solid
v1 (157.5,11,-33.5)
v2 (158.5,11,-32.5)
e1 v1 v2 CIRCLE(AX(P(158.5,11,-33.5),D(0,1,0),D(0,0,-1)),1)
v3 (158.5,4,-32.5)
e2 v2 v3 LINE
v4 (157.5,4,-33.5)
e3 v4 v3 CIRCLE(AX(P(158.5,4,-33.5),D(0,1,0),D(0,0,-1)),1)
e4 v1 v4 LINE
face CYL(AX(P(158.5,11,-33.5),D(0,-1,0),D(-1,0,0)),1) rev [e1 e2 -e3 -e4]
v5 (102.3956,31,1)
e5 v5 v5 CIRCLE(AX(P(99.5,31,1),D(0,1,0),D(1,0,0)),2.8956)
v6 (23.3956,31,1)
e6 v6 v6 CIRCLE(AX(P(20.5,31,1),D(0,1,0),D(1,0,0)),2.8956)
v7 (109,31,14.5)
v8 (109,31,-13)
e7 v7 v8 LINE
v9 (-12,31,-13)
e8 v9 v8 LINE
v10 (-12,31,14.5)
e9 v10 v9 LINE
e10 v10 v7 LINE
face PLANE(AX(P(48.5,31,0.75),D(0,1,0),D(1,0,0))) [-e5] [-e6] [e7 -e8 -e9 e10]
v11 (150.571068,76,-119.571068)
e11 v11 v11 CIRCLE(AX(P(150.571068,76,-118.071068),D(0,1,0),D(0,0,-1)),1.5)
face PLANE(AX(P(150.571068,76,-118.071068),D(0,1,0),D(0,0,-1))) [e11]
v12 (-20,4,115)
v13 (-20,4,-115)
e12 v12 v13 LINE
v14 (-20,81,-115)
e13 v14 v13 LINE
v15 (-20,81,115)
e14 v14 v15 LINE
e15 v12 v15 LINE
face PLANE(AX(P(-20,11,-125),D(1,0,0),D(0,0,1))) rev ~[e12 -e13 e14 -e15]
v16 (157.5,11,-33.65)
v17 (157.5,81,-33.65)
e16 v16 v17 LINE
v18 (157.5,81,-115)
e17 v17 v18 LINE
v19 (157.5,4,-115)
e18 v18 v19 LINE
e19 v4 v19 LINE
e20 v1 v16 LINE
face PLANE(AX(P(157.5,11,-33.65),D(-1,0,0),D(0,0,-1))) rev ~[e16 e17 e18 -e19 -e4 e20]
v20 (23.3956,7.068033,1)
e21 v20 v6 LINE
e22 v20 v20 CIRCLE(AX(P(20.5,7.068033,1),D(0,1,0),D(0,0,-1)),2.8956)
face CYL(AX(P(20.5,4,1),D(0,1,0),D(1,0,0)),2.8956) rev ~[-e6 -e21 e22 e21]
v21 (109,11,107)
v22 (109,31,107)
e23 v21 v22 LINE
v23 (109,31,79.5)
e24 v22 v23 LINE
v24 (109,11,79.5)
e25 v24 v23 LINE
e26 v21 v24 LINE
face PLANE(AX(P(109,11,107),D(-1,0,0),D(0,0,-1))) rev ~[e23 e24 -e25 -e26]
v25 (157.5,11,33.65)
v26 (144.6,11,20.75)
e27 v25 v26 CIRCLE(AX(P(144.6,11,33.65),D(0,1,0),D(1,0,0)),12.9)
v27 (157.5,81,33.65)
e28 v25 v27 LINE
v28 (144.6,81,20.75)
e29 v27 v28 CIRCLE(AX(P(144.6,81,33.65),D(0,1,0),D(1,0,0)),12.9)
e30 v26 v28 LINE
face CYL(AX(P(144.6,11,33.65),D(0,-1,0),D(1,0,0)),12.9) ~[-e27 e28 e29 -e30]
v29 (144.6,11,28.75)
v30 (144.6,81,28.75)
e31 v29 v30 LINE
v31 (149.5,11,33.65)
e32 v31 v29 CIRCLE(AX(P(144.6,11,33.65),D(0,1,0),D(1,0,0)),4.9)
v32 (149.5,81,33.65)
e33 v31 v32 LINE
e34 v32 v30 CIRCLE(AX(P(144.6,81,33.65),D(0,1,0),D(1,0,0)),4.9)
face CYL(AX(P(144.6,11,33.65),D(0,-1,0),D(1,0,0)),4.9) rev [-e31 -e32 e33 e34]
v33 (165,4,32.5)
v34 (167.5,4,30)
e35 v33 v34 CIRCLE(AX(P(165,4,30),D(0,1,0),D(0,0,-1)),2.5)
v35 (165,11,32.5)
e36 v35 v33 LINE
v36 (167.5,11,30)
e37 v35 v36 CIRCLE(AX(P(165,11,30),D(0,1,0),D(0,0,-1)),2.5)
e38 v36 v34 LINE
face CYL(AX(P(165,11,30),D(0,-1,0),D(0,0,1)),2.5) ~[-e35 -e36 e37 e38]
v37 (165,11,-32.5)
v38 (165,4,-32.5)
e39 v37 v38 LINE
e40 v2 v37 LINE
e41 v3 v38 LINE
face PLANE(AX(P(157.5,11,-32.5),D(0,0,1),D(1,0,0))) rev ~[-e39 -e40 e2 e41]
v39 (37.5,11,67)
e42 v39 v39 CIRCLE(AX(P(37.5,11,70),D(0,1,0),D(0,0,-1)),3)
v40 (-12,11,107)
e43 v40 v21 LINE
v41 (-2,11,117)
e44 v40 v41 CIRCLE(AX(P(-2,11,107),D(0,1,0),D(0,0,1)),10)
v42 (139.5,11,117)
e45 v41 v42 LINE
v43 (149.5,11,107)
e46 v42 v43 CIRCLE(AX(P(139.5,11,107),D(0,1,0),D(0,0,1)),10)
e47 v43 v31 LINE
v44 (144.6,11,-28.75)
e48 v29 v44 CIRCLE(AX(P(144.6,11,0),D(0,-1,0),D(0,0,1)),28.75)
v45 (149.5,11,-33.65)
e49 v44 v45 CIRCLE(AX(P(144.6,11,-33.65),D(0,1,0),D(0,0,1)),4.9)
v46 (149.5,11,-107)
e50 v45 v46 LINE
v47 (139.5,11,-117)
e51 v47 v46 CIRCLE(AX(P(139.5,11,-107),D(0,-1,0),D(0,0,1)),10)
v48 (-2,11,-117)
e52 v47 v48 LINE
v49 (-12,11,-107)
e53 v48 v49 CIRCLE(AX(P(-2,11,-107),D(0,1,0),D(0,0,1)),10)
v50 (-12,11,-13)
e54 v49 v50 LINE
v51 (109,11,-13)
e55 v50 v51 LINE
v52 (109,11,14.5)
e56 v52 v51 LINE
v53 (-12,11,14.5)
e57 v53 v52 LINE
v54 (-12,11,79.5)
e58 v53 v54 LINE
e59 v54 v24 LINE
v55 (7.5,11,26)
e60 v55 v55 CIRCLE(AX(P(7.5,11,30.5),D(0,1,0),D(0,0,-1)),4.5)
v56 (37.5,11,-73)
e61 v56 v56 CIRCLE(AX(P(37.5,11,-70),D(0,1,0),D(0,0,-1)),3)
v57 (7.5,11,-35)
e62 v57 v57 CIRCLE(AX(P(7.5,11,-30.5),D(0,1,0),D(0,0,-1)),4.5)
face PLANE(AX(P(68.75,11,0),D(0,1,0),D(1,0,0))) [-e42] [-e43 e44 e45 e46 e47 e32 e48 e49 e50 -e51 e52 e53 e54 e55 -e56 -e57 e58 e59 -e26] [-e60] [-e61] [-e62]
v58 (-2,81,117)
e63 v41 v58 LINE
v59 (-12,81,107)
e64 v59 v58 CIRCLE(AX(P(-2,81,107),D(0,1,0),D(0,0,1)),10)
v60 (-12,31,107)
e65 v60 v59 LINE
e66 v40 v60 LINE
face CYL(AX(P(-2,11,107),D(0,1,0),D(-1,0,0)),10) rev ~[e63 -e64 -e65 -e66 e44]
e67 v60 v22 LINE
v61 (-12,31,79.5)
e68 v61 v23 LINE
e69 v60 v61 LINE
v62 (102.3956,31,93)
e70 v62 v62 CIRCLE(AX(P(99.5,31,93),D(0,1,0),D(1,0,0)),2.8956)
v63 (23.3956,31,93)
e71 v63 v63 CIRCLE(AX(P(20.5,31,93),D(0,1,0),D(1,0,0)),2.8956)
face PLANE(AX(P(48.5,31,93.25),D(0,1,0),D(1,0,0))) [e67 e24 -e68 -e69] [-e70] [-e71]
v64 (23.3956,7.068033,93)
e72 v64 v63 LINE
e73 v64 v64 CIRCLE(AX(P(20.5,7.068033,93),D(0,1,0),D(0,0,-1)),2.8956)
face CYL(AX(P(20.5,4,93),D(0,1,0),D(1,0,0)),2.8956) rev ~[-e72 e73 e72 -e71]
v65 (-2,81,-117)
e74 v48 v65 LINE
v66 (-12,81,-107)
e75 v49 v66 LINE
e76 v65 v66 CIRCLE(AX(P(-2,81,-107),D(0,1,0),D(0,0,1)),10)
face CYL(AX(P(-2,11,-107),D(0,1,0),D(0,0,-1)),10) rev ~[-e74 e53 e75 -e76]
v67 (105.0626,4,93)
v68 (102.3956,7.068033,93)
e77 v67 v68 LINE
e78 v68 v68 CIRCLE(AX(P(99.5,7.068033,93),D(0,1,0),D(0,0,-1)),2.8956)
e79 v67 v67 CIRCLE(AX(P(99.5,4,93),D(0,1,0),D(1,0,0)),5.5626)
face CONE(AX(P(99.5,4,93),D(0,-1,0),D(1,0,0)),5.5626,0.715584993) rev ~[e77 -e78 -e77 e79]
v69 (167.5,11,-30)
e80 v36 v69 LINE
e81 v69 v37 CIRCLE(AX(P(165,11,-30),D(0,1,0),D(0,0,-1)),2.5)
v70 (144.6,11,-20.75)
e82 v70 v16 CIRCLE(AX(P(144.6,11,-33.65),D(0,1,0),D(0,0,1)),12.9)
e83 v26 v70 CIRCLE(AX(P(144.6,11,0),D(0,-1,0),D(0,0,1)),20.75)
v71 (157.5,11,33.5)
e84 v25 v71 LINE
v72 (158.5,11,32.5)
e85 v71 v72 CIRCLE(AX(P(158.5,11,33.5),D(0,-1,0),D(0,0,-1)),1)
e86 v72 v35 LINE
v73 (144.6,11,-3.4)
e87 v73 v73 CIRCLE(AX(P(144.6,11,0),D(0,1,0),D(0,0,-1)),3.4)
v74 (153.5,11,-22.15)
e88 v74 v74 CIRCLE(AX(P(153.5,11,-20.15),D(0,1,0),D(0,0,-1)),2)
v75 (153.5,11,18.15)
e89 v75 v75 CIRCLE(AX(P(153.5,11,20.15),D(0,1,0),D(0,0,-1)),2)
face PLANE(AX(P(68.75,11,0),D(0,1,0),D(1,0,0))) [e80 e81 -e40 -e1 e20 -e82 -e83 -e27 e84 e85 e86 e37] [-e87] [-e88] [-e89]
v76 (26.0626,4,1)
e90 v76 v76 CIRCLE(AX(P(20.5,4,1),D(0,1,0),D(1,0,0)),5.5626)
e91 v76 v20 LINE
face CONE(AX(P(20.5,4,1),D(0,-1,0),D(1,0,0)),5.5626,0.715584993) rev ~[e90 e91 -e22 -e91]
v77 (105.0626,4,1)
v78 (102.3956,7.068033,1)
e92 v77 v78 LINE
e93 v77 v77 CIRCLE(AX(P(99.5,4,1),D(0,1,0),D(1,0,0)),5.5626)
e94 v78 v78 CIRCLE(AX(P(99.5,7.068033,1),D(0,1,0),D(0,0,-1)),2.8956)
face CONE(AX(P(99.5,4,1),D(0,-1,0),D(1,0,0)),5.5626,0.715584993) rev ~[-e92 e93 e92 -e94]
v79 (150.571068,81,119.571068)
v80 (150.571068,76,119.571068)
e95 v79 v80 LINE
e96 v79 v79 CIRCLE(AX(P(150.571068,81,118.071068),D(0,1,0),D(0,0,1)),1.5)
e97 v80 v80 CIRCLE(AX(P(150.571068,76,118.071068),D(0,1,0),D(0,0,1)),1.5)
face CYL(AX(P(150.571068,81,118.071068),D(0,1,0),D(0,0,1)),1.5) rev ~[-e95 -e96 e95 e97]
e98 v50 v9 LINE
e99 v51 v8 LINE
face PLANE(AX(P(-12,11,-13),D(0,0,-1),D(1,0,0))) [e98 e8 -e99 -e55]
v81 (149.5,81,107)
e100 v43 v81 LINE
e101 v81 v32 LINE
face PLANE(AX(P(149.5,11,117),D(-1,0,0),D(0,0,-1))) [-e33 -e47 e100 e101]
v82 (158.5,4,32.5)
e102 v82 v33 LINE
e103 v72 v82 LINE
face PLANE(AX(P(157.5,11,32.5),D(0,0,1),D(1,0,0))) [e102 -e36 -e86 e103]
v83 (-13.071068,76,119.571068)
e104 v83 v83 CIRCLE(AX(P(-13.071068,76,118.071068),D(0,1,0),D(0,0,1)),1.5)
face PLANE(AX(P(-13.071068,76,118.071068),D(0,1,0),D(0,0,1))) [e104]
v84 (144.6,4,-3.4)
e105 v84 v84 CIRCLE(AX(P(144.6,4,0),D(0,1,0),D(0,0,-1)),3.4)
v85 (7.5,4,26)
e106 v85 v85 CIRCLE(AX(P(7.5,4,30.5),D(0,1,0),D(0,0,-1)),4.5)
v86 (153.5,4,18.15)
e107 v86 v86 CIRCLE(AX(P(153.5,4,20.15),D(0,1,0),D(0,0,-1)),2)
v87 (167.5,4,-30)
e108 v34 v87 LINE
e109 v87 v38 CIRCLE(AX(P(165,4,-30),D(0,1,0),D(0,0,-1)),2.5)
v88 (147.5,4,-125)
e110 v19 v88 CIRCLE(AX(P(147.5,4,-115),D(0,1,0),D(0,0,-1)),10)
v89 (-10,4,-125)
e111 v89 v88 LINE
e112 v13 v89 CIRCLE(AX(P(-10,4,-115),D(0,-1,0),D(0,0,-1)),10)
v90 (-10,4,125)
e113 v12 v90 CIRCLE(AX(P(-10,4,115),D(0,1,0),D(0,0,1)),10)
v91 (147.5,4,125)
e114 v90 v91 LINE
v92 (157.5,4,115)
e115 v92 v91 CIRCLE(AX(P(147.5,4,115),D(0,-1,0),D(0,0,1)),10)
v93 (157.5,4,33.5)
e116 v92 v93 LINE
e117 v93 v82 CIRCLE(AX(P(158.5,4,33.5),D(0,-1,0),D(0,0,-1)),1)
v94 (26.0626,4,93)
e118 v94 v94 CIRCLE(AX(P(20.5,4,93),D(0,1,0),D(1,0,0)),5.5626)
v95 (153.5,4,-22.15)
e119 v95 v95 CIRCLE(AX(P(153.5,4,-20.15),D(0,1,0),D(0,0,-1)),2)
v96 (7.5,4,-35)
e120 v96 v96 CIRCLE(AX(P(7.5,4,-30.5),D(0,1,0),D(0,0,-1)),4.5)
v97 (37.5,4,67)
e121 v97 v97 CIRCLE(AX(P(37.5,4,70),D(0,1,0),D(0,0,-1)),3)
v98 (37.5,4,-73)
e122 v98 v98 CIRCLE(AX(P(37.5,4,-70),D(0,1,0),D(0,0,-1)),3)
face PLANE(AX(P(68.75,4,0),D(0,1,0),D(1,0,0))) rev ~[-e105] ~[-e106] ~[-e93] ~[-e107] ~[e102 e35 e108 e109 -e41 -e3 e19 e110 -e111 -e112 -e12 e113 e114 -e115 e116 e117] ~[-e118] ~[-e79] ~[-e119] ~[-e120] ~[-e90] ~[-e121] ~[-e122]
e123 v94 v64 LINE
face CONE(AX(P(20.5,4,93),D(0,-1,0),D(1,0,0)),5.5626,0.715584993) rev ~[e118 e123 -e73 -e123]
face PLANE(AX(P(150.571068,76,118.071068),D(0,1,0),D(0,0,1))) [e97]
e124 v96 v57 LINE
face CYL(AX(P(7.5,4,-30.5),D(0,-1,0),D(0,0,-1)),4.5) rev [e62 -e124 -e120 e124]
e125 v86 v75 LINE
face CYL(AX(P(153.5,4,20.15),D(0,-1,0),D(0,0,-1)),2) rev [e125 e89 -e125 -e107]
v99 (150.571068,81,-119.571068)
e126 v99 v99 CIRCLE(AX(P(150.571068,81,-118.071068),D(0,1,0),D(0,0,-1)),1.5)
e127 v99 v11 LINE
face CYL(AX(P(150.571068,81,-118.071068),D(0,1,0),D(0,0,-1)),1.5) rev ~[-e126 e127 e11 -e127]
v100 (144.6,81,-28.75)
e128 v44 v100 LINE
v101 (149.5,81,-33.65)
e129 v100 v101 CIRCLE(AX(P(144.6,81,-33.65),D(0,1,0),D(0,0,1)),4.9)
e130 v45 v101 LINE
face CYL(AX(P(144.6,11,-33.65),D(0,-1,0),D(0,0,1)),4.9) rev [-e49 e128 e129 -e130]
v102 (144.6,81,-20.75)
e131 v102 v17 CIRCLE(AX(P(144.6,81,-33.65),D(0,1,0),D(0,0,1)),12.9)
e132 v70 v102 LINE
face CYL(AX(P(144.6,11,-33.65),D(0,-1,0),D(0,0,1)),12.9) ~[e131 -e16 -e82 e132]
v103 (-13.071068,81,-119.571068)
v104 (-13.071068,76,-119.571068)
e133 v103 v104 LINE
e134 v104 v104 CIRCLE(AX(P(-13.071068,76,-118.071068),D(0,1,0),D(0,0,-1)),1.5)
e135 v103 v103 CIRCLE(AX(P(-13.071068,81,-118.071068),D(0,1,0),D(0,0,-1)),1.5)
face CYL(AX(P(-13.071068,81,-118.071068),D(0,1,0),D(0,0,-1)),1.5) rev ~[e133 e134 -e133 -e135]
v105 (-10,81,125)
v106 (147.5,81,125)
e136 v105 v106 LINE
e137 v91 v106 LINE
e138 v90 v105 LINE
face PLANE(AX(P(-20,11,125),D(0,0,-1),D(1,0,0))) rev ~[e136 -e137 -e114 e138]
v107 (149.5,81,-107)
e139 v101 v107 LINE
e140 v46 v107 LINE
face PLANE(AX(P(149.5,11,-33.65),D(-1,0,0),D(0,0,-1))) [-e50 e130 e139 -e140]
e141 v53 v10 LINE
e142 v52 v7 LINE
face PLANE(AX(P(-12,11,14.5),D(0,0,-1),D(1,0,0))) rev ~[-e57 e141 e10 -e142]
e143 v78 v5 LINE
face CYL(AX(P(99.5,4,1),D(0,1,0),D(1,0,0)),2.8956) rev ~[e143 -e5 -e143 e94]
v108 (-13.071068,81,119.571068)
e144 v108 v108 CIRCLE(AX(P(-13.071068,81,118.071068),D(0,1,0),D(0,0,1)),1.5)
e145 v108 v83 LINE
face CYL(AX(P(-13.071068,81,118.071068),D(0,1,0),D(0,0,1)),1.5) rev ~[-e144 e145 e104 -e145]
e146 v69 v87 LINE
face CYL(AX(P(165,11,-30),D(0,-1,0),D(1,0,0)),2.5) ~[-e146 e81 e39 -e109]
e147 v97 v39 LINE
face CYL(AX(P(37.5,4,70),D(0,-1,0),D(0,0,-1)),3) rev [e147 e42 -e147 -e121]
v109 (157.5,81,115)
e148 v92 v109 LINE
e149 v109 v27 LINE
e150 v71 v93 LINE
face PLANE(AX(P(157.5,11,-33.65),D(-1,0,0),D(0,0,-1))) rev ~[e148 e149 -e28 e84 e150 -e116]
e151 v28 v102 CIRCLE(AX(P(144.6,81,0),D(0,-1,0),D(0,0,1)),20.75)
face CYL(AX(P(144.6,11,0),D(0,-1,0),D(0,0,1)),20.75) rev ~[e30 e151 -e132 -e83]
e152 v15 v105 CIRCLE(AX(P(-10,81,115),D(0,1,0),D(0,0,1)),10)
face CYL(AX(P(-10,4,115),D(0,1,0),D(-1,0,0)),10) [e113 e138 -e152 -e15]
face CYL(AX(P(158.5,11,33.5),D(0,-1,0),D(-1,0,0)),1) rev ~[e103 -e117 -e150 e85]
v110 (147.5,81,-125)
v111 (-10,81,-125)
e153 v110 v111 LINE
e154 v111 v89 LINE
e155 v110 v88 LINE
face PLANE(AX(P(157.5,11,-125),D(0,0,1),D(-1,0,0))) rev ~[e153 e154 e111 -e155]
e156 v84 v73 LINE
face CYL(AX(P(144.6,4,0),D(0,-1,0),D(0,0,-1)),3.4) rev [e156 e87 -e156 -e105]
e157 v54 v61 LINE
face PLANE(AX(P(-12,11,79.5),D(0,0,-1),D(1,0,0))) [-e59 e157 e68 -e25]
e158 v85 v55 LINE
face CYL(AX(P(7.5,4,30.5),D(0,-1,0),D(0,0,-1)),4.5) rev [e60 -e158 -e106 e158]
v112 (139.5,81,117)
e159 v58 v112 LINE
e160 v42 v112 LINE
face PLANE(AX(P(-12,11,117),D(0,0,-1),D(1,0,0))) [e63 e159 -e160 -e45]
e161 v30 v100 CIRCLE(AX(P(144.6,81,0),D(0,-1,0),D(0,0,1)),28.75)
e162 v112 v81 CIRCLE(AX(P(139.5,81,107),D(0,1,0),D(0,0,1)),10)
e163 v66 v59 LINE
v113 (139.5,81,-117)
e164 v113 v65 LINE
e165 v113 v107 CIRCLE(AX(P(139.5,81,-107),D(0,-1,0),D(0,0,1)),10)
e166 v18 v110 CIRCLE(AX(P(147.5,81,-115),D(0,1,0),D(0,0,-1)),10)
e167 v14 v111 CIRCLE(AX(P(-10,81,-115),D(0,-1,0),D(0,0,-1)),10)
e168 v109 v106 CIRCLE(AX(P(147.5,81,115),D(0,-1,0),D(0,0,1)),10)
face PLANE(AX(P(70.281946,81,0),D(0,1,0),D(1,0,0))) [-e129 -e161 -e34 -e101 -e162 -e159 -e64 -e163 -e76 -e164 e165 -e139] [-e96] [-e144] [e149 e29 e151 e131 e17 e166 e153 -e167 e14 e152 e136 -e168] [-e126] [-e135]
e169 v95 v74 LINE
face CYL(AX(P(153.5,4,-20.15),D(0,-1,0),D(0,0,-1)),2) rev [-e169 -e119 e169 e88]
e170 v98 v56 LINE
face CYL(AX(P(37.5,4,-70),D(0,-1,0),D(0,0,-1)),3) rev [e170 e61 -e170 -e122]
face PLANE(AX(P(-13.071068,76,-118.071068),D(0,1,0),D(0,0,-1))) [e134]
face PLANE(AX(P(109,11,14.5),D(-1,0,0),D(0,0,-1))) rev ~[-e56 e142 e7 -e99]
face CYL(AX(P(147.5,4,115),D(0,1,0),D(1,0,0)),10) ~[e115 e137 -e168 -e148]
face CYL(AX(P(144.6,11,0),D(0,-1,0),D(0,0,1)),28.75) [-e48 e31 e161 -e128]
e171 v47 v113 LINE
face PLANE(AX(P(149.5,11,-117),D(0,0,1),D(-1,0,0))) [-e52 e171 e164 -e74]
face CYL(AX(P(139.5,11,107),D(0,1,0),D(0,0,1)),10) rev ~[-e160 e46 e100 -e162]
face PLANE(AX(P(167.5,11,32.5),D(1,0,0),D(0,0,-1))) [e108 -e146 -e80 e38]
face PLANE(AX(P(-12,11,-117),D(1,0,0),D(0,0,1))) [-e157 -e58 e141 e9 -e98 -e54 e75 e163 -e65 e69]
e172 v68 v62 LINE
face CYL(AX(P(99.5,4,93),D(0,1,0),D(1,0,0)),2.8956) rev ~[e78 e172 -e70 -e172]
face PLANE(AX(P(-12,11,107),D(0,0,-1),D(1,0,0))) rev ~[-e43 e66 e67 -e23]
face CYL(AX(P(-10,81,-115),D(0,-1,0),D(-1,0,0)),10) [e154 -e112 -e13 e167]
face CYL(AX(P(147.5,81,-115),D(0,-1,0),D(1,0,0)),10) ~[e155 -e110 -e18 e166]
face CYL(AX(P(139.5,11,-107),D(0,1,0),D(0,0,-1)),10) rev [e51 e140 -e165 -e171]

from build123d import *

# Parameters (mm, degrees)
CROQUIS1_W                                           = 177.5
CROQUIS1_H                                           = 250
CROQUIS1_R                                           = 2
CROQUIS1_R_2                                         = 3.4
CROQUIS1_R_3                                         = 3
CROQUIS1_R_4                                         = 4.5
SALIENTE_EXTRUIR1_DEPTH                              = 7
SALIENTE_EXTRUIR2_DEPTH                              = 70
REDONDEO1_R                                          = 10
CROQUIS4_W                                           = 10
CROQUIS4_H                                           = 65
SALIENTE_EXTRUIR3_DEPTH                              = 7
REDONDEO3_R                                          = 1
REDONDEO4_R                                          = 2.5
CROQUIS5_W                                           = 121
CROQUIS5_H                                           = 27.5
SALIENTE_EXTRUIR4_DEPTH                              = 20
AVELLANADO_PARA_TORNILLO_CON_CABEZA_OVAL_D           = 5.7912
AVELLANADO_PARA_TORNILLO_CON_CABEZA_OVAL_CSINK_D     = 11.1252
AVELLANADO_PARA_TORNILLO_CON_CABEZA_OVAL_CSINK_ANGLE = 82
CROQUIS15_R                                          = 1.5
CORTAR_EXTRUIR1_DEPTH                                = 5


with BuildPart() as part:
    # Croquis1 → Saliente-Extruir1 (new body)
    with BuildSketch(Plane(origin=(0, 4, 0), x_dir=(1, 0, 0), z_dir=(0, 1, 0))):
        with Locations((68.75, 0)):
            Rectangle(CROQUIS1_W, CROQUIS1_H)
        with Locations(Location((153.5, -20.15, 0), (0, 0, 90))):
            Circle(CROQUIS1_R, mode=Mode.SUBTRACT)
        with Locations(Location((144.6, 0, 0), (0, 0, 90))):
            Circle(CROQUIS1_R_2, mode=Mode.SUBTRACT)
        with Locations(Location((153.5, 20.15, 0), (0, 0, 90))):
            Circle(CROQUIS1_R, mode=Mode.SUBTRACT)
        with Locations(Location((37.5, 70, 0), (0, 0, 90))):
            Circle(CROQUIS1_R_3, mode=Mode.SUBTRACT)
        with Locations(Location((37.5, -70, 0), (0, 0, 90))):
            Circle(CROQUIS1_R_3, mode=Mode.SUBTRACT)
        with Locations(Location((7.5, -30.5, 0), (0, 0, 90))):
            Circle(CROQUIS1_R_4, mode=Mode.SUBTRACT)
        with Locations(Location((7.5, 30.5, 0), (0, 0, 90))):
            Circle(CROQUIS1_R_4, mode=Mode.SUBTRACT)
    extrude(amount=SALIENTE_EXTRUIR1_DEPTH)

    # Croquis3 → Saliente-Extruir2 (add)
    with BuildSketch(Plane(origin=(0, 11, 0), x_dir=(1, 0, 0), z_dir=(0, 1, 0))):
        with BuildLine():
            Line((-20, 125), (-20, -125))
            Line((-20, -125), (157.5, -125))
            Line((157.5, -125), (157.5, -33.65))
            ThreePointArc((157.5, -33.65), (153.721677477, -24.528322523), (144.6, -20.75))
            ThreePointArc((144.6, -20.75), (123.85, 0), (144.6, 20.75))
            ThreePointArc((144.6, 20.75), (153.721677477, 24.528322523), (157.5, 33.65))
            Line((157.5, 33.65), (157.5, 125))
            Line((157.5, 125), (-20, 125))
        make_face()
        with BuildLine():
            Line((149.5, 117), (-12, 117))
            Line((-12, 117), (-12, -117))
            Line((-12, -117), (149.5, -117))
            Line((149.5, -117), (149.5, -33.65))
            ThreePointArc((149.5, -33.65), (148.064823228, -30.185176772), (144.6, -28.75))
            ThreePointArc((144.6, -28.75), (115.85, 0), (144.6, 28.75))
            ThreePointArc((144.6, 28.75), (148.064823228, 30.185176772), (149.5, 33.65))
            Line((149.5, 33.65), (149.5, 117))
        make_face(mode=Mode.SUBTRACT)
    extrude(amount=SALIENTE_EXTRUIR2_DEPTH)

    # Redondeo1
    redondeo1_edges = [part.edges().sort_by_distance(p)[0] for p in [
        (-12, 46, 117),
        (149.5, 46, 117),
        (149.5, 46, -117),
        (-12, 46, -117),
        (-20, 42.5, -125),
        (157.5, 42.5, -125),
        (157.5, 42.5, 125),
        (-20, 42.5, 125),
    ]]
    fillet(redondeo1_edges, radius=REDONDEO1_R)

    # Croquis4 → Saliente-Extruir3 (add)
    with BuildSketch(Plane(origin=(0, 11, 0), x_dir=(1, 0, 0), z_dir=(0, 1, 0))):
        with Locations((162.5, 0)):
            Rectangle(CROQUIS4_W, CROQUIS4_H)
    extrude(amount=-SALIENTE_EXTRUIR3_DEPTH)

    # Redondeo3
    redondeo3_edges = [part.edges().sort_by_distance(p)[0] for p in [
        (157.5, 7.5, -32.5),
        (157.5, 7.5, 32.5),
    ]]
    fillet(redondeo3_edges, radius=REDONDEO3_R)

    # Redondeo4
    redondeo4_edges = [part.edges().sort_by_distance(p)[0] for p in [
        (167.5, 7.5, -32.5),
        (167.5, 7.5, 32.5),
    ]]
    fillet(redondeo4_edges, radius=REDONDEO4_R)

    # Croquis5 → Saliente-Extruir4 (add)
    with BuildSketch(Plane(origin=(0, 11, 0), x_dir=(1, 0, 0), z_dir=(0, 1, 0))):
        with Locations((48.5, -0.75)):
            Rectangle(CROQUIS5_W, CROQUIS5_H)
        with Locations((48.5, -93.25)):
            Rectangle(CROQUIS5_W, CROQUIS5_H)
    extrude(amount=SALIENTE_EXTRUIR4_DEPTH)

    # Avellanado para tornillo con cabeza ovalada de #121 (through all)
    with Locations(Plane(origin=(0, 4, 0), x_dir=(-1, 0, 0), z_dir=(0, -1, 0))):
        with Locations((-99.5, -93), (-20.5, -92.999999989), (-20.5, -0.999999991), (-99.5, -1)):
            CounterSinkHole(AVELLANADO_PARA_TORNILLO_CON_CABEZA_OVAL_D / 2, AVELLANADO_PARA_TORNILLO_CON_CABEZA_OVAL_CSINK_D / 2, counter_sink_angle=AVELLANADO_PARA_TORNILLO_CON_CABEZA_OVAL_CSINK_ANGLE)

    # Croquis15 → Cortar-Extruir1 (cut)
    with BuildSketch(Plane(origin=(0, 81, 0), x_dir=(1, 0, 0), z_dir=(0, 1, 0))):
        with Locations(Location((150.571067812, -118.071067812, 0), (0, 0, 270))):
            Circle(CROQUIS15_R)
        with Locations(Location((-13.071067812, -118.071067812, 0), (0, 0, 270))):
            Circle(CROQUIS15_R)
        with Locations(Location((-13.071067812, 118.071067812, 0), (0, 0, 90))):
            Circle(CROQUIS15_R)
        with Locations(Location((150.571067812, 118.071067812, 0), (0, 0, 90))):
            Circle(CROQUIS15_R)
    extrude(amount=-CORTAR_EXTRUIR1_DEPTH, mode=Mode.SUBTRACT)


solid = part.part
